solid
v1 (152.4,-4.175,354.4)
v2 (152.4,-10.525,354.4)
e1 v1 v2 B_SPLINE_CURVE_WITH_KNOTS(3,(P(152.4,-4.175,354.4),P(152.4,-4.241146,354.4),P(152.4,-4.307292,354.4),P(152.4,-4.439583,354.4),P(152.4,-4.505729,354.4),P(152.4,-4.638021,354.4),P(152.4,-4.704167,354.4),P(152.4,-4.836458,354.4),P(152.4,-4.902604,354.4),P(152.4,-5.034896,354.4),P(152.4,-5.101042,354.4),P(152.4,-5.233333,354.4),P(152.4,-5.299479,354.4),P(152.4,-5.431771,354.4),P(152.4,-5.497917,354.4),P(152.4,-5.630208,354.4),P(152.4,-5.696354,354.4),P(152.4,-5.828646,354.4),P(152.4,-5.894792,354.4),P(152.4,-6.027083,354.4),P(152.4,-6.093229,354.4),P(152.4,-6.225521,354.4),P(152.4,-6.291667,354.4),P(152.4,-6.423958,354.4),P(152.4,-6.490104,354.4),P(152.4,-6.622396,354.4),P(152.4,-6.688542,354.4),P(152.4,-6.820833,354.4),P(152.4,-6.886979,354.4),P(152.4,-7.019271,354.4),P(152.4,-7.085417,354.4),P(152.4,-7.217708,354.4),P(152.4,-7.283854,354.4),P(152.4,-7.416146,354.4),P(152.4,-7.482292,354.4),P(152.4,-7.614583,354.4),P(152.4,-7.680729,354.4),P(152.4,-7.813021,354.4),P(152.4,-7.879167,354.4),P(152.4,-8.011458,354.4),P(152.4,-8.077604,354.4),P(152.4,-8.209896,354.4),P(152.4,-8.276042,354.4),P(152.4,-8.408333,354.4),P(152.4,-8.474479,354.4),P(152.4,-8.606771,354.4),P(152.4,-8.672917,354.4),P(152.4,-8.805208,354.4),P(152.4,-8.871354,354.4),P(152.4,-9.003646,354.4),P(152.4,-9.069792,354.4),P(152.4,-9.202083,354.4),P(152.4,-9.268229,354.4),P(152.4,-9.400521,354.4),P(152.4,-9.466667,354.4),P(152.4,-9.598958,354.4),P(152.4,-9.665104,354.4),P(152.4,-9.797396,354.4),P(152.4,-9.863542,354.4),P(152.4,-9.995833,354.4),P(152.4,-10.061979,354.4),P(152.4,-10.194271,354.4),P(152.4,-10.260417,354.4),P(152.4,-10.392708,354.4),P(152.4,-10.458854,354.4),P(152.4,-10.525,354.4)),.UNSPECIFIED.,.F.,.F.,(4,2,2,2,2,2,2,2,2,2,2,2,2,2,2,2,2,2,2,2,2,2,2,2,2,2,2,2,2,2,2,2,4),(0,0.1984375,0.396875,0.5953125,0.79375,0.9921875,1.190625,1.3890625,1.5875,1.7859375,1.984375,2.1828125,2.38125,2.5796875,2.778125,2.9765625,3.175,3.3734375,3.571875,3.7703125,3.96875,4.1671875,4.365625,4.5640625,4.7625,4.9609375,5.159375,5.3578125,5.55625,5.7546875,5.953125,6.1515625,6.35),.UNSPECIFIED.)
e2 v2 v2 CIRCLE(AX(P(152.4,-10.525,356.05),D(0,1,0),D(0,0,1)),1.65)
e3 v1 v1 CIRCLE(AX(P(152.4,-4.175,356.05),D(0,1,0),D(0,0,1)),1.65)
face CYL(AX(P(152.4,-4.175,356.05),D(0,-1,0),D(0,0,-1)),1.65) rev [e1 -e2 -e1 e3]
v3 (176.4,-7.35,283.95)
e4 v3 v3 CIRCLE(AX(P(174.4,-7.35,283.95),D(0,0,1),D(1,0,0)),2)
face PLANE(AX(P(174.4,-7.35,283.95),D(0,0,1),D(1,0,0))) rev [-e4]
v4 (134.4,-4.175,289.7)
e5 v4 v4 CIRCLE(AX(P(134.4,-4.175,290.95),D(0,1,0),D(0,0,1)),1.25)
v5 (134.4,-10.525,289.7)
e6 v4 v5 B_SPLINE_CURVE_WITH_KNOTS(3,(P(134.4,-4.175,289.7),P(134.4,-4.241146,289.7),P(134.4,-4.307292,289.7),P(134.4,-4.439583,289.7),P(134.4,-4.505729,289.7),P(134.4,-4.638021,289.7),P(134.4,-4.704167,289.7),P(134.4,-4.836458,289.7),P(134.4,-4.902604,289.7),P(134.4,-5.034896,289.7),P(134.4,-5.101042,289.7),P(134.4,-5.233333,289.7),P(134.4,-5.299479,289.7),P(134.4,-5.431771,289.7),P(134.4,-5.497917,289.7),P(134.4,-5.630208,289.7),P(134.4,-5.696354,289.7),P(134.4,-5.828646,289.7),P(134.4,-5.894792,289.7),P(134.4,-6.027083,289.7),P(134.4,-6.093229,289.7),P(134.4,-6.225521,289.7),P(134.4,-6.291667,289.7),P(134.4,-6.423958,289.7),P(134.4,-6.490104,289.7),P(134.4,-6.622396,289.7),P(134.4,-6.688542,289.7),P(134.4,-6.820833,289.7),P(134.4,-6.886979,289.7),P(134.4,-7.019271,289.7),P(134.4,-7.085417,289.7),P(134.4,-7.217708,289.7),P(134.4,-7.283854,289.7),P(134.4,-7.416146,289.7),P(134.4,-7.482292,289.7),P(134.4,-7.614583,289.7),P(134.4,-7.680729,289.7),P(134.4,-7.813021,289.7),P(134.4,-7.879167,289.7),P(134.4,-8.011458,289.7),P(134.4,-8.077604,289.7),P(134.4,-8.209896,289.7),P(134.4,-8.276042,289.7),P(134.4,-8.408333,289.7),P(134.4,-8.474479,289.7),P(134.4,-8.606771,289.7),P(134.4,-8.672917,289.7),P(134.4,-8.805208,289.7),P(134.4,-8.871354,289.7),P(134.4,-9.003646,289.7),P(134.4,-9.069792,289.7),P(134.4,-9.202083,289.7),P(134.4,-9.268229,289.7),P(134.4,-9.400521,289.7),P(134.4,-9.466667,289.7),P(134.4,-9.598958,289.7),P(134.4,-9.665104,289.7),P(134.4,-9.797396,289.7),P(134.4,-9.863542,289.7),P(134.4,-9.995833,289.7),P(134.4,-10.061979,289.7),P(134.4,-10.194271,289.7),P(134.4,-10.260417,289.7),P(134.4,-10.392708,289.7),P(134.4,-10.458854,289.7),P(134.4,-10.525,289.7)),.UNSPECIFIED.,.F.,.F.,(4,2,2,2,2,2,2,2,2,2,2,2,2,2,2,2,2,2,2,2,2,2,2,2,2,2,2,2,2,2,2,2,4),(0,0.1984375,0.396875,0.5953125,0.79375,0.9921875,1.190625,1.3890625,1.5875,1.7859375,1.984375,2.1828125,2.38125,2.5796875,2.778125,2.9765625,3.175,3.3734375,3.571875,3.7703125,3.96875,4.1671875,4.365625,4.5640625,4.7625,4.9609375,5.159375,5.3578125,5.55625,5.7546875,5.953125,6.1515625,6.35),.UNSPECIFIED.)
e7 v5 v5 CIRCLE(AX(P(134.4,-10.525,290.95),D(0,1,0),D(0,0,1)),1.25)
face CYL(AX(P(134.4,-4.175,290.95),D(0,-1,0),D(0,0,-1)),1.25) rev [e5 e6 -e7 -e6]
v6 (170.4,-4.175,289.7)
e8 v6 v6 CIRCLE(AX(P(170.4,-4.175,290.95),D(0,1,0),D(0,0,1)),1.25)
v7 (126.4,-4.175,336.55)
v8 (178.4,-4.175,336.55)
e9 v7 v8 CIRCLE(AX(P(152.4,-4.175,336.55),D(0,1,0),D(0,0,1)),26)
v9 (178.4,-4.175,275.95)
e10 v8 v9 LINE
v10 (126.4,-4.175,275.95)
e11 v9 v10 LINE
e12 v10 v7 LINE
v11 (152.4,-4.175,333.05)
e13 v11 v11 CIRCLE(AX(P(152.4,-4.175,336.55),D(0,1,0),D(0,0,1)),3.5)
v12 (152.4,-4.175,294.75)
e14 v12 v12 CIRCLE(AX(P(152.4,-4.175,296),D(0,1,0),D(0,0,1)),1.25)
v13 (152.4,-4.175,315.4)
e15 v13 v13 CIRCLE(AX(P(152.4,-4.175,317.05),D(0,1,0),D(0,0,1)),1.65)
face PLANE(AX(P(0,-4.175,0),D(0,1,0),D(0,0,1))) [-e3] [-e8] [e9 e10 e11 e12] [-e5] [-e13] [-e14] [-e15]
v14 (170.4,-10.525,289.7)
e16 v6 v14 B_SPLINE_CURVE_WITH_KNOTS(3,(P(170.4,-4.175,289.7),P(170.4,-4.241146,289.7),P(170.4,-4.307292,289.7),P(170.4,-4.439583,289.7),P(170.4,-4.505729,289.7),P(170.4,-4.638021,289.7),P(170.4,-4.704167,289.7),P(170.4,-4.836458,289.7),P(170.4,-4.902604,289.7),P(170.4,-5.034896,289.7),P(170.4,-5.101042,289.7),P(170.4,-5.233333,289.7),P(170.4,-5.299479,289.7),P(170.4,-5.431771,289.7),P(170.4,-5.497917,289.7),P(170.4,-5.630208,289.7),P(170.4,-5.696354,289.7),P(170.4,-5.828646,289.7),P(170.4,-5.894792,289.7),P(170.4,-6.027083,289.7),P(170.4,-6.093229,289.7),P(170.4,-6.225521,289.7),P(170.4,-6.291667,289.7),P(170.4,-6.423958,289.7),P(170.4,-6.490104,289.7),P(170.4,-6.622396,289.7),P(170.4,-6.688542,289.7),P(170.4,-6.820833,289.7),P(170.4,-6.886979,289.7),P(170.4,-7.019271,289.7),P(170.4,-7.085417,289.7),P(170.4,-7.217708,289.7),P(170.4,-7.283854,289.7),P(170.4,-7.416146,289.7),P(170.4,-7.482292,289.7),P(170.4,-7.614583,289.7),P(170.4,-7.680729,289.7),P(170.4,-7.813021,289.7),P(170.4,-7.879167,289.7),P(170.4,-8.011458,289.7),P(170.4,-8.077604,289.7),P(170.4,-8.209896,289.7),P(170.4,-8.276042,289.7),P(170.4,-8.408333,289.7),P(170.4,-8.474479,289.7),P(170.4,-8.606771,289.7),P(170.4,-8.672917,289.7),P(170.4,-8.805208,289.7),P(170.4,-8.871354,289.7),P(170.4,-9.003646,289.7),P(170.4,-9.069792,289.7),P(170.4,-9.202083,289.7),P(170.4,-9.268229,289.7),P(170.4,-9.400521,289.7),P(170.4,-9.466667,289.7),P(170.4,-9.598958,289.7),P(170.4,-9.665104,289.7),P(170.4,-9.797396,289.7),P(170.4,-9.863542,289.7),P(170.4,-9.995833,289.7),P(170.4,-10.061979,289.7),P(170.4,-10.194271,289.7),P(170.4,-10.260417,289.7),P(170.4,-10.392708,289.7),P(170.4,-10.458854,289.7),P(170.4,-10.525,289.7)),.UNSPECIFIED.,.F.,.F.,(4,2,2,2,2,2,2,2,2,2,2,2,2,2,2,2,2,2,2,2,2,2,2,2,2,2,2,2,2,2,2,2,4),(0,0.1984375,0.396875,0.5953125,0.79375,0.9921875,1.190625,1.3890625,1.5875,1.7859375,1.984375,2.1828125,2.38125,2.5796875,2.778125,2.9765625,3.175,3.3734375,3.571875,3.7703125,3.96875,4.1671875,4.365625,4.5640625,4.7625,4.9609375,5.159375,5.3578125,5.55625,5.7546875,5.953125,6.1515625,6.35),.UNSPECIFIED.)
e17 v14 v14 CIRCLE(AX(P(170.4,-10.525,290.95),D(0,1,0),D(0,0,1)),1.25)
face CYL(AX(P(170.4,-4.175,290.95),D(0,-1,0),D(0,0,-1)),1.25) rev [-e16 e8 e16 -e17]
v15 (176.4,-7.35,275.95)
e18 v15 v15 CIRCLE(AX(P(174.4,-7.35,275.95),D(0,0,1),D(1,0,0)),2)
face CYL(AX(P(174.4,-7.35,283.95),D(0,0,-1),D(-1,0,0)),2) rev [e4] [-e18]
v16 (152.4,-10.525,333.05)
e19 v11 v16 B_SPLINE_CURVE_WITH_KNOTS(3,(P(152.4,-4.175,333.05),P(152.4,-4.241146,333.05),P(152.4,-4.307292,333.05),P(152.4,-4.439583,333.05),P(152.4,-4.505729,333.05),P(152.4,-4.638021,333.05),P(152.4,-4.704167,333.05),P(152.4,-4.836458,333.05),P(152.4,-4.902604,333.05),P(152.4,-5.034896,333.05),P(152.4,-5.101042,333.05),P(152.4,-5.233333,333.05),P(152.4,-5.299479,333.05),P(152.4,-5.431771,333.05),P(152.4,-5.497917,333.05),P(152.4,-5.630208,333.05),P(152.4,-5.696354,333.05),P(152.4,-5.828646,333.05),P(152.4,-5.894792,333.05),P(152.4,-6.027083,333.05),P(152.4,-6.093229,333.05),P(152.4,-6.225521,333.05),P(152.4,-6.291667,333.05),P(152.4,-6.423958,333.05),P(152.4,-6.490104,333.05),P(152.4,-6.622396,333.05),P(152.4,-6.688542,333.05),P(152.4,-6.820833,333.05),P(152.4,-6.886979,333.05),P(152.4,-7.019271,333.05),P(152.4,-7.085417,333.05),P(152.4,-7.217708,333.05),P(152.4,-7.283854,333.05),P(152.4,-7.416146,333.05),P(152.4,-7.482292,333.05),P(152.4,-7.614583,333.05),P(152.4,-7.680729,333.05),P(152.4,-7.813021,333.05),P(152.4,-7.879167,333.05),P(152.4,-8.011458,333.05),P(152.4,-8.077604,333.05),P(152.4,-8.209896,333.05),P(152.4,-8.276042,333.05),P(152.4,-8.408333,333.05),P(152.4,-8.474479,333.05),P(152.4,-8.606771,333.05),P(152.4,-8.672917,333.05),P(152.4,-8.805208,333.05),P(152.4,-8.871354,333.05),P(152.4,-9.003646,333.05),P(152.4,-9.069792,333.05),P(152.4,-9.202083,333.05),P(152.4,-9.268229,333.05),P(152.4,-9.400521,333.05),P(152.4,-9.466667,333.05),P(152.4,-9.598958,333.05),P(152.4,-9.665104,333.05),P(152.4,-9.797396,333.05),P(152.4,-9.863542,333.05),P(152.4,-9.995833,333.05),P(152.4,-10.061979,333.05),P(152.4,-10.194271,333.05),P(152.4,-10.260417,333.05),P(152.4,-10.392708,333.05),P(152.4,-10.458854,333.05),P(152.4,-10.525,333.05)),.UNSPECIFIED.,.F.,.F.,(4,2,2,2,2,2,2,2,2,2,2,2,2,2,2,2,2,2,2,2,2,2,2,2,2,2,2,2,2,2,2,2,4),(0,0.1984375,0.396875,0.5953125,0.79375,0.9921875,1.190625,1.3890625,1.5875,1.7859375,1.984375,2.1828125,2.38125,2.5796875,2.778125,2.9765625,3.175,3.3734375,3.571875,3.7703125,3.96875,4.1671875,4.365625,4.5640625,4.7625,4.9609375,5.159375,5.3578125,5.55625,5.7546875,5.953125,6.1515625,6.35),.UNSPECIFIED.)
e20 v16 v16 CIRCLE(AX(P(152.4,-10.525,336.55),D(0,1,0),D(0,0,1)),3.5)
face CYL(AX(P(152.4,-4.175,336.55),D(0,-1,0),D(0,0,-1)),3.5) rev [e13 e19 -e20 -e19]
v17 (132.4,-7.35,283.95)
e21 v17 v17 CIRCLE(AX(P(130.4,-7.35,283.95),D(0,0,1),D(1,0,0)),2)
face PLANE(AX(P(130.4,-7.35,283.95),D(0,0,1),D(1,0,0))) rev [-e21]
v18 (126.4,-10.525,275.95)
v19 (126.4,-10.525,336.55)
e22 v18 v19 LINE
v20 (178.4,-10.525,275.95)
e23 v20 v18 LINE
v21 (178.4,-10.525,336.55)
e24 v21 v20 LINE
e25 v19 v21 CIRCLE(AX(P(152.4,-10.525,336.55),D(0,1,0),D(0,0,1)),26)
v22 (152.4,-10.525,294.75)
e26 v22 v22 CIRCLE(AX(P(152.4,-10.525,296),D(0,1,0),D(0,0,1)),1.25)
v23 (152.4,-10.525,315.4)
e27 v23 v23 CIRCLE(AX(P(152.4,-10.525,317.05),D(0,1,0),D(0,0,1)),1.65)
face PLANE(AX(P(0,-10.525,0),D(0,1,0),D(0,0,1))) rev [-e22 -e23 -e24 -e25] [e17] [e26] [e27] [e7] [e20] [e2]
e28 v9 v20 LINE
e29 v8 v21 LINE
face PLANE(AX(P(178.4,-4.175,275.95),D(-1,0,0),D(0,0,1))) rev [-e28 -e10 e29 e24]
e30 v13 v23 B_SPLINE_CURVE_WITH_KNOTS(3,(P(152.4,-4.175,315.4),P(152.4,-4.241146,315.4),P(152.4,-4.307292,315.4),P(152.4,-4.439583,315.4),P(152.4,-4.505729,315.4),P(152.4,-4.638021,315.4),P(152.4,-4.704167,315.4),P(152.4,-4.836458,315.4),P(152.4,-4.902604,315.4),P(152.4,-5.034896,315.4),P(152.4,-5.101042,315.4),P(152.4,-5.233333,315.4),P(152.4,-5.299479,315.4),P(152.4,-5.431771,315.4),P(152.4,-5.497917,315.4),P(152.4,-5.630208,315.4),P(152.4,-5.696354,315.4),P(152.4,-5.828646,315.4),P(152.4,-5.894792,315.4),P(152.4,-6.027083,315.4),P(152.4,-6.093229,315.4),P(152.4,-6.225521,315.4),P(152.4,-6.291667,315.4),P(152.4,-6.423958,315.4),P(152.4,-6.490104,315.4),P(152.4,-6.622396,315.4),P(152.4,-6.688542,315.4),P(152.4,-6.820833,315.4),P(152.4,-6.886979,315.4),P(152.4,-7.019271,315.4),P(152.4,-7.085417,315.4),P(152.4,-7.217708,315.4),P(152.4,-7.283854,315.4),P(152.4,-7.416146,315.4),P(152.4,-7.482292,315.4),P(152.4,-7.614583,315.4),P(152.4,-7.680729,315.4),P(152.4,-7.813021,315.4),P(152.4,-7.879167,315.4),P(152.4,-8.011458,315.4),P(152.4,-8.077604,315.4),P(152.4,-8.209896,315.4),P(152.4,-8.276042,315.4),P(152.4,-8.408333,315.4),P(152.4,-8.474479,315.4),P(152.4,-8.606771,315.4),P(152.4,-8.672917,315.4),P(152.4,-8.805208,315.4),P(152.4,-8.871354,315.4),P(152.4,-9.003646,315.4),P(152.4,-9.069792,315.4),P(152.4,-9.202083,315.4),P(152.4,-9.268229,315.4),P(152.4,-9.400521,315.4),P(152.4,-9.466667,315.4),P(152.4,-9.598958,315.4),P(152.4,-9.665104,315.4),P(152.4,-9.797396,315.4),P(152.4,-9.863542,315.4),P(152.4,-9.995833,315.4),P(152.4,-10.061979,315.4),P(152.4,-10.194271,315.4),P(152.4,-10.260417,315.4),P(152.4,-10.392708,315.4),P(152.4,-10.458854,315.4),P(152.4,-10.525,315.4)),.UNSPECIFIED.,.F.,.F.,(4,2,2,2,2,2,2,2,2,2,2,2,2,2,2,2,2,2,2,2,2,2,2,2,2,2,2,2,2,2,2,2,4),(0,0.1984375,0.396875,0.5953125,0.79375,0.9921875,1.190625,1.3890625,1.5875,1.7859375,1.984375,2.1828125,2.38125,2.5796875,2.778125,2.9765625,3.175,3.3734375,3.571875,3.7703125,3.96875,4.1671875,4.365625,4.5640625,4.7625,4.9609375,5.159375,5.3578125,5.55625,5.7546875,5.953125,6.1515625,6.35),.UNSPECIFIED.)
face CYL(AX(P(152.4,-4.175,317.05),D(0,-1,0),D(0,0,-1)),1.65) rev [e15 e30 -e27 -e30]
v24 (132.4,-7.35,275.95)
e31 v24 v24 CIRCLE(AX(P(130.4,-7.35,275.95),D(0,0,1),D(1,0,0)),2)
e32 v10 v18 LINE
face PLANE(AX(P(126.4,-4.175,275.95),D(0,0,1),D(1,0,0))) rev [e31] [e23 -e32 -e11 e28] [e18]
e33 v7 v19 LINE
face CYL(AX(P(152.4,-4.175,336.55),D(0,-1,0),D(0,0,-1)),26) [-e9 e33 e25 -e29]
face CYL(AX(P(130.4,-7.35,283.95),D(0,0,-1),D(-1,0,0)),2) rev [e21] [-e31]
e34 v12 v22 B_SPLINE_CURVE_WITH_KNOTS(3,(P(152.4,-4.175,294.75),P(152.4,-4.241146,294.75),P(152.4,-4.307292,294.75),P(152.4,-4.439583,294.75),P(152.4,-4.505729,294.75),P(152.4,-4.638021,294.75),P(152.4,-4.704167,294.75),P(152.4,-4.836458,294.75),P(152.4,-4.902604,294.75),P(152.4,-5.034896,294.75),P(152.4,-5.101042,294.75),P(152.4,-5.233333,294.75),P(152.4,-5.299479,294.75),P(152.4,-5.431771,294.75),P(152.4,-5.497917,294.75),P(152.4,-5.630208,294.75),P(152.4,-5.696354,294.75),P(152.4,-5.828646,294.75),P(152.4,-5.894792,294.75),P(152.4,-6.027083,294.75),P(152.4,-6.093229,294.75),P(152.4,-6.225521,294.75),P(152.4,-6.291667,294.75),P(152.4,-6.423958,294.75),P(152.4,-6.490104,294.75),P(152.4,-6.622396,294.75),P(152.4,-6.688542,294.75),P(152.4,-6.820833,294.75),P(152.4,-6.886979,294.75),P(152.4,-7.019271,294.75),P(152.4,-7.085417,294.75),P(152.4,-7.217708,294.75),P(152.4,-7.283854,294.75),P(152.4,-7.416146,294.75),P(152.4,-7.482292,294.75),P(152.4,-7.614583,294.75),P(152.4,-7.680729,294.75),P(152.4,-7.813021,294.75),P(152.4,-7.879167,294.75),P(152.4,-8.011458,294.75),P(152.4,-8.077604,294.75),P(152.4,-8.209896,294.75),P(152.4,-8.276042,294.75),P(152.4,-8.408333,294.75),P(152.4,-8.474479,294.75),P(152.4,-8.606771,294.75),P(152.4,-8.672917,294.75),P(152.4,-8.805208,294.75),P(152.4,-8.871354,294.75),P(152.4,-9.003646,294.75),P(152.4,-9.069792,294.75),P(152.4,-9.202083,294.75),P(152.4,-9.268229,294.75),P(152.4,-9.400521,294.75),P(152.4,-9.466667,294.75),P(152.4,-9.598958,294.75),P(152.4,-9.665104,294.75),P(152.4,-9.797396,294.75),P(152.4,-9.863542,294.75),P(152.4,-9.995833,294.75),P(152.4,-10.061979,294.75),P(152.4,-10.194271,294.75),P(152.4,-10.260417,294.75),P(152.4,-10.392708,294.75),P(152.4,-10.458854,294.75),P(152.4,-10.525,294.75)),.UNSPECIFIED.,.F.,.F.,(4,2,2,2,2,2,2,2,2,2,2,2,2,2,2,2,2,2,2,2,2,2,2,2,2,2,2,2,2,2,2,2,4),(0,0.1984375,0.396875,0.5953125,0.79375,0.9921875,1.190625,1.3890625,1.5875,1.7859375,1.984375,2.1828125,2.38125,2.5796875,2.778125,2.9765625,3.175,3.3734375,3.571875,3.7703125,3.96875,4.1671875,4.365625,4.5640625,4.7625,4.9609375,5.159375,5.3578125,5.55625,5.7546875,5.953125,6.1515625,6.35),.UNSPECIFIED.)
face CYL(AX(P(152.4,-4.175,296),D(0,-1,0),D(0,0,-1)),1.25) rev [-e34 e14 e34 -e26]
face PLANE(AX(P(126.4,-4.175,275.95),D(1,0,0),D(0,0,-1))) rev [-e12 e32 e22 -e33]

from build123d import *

# Parameters (mm, degrees)
PARED_B_CHUMACERA_J5_START          = -10.525
CROQUIS1_W                          = 52
CROQUIS1_H                          = 60.6
PARED_B_CHUMACERA_J5_DEPTH          = 6.35
PARED_B_CHUMACERA_J5_REDONDEO_START = -10.525
CROQUIS2_R                          = 26
PARED_B_CHUMACERA_J5_REDONDEO_DEPTH = 6.35
PASO_PERNO_Y_ROSCA_M4_KFL08_START   = -10.525
CROQUIS3_R                          = 3.5
CROQUIS3_R_2                        = 1.65
PASO_PERNO_Y_ROSCA_M4_KFL08_DEPTH   = 6.35
ROSCA_M3_ESCUADRAS_START            = -10.525
CROQUIS4_R                          = 1.25
ROSCA_M3_ESCUADRAS_DEPTH            = 6.35
PASADORES_D4_START                  = 275.95
CROQUIS5_R                          = 2
PASADORES_D4_DEPTH                  = 8
ROSCA_M3_BASES_CINCHO_START         = -10.525
CROQUIS6_R                          = 1.25
ROSCA_M3_BASES_CINCHO_DEPTH         = 6.35


with BuildPart() as part:
    # Croquis1 → Pared_B_chumacera_J5 (new body)
    with BuildSketch(Plane(origin=(0, 0, 0), x_dir=(1, 0, 0), z_dir=(0, 1, 0)).offset(PARED_B_CHUMACERA_J5_START)):
        with Locations((152.4, -306.25)):
            Rectangle(CROQUIS1_W, CROQUIS1_H)
    extrude(amount=PARED_B_CHUMACERA_J5_DEPTH)

    # Croquis2 → Pared_B_chumacera_J5_redondeo (add)
    with BuildSketch(Plane(origin=(0, 0, 0), x_dir=(1, 0, 0), z_dir=(0, 1, 0)).offset(PARED_B_CHUMACERA_J5_REDONDEO_START)):
        with Locations((152.4, -336.55)):
            Circle(CROQUIS2_R)
    extrude(amount=PARED_B_CHUMACERA_J5_REDONDEO_DEPTH)

    # Croquis3 → Paso_perno_y_rosca_M4_KFL08 (cut)
    with BuildSketch(Plane(origin=(0, 0, 0), x_dir=(1, 0, 0), z_dir=(0, 1, 0)).offset(PASO_PERNO_Y_ROSCA_M4_KFL08_START)):
        with Locations(Location((152.4, -336.55, 0), (0, 0, 90))):
            Circle(CROQUIS3_R)
        with Locations(Location((152.4, -356.05, 0), (0, 0, 90))):
            Circle(CROQUIS3_R_2)
        with Locations(Location((152.4, -317.05, 0), (0, 0, 90))):
            Circle(CROQUIS3_R_2)
    extrude(amount=PASO_PERNO_Y_ROSCA_M4_KFL08_DEPTH, mode=Mode.SUBTRACT)

    # Croquis4 → Rosca_M3_escuadras (cut)
    with BuildSketch(Plane(origin=(0, 0, 0), x_dir=(1, 0, 0), z_dir=(0, 1, 0)).offset(ROSCA_M3_ESCUADRAS_START)):
        with Locations(Location((134.4, -290.95, 0), (0, 0, 90))):
            Circle(CROQUIS4_R)
        with Locations(Location((170.4, -290.95, 0), (0, 0, 90))):
            Circle(CROQUIS4_R)
    extrude(amount=ROSCA_M3_ESCUADRAS_DEPTH, mode=Mode.SUBTRACT)

    # Croquis5 → Pasadores_D4 (cut)
    with BuildSketch(Plane.XY.offset(PASADORES_D4_START)):
        with Locations((130.4, -7.35)):
            Circle(CROQUIS5_R)
        with Locations((174.4, -7.35)):
            Circle(CROQUIS5_R)
    extrude(amount=PASADORES_D4_DEPTH, mode=Mode.SUBTRACT)

    # Croquis6 → Rosca_M3_bases_cincho (cut)
    with BuildSketch(Plane(origin=(0, 0, 0), x_dir=(1, 0, 0), z_dir=(0, 1, 0)).offset(ROSCA_M3_BASES_CINCHO_START)):
        with Locations(Location((152.4, -296, 0), (0, 0, 90))):
            Circle(CROQUIS6_R)
    extrude(amount=ROSCA_M3_BASES_CINCHO_DEPTH, mode=Mode.SUBTRACT)


solid = part.part
